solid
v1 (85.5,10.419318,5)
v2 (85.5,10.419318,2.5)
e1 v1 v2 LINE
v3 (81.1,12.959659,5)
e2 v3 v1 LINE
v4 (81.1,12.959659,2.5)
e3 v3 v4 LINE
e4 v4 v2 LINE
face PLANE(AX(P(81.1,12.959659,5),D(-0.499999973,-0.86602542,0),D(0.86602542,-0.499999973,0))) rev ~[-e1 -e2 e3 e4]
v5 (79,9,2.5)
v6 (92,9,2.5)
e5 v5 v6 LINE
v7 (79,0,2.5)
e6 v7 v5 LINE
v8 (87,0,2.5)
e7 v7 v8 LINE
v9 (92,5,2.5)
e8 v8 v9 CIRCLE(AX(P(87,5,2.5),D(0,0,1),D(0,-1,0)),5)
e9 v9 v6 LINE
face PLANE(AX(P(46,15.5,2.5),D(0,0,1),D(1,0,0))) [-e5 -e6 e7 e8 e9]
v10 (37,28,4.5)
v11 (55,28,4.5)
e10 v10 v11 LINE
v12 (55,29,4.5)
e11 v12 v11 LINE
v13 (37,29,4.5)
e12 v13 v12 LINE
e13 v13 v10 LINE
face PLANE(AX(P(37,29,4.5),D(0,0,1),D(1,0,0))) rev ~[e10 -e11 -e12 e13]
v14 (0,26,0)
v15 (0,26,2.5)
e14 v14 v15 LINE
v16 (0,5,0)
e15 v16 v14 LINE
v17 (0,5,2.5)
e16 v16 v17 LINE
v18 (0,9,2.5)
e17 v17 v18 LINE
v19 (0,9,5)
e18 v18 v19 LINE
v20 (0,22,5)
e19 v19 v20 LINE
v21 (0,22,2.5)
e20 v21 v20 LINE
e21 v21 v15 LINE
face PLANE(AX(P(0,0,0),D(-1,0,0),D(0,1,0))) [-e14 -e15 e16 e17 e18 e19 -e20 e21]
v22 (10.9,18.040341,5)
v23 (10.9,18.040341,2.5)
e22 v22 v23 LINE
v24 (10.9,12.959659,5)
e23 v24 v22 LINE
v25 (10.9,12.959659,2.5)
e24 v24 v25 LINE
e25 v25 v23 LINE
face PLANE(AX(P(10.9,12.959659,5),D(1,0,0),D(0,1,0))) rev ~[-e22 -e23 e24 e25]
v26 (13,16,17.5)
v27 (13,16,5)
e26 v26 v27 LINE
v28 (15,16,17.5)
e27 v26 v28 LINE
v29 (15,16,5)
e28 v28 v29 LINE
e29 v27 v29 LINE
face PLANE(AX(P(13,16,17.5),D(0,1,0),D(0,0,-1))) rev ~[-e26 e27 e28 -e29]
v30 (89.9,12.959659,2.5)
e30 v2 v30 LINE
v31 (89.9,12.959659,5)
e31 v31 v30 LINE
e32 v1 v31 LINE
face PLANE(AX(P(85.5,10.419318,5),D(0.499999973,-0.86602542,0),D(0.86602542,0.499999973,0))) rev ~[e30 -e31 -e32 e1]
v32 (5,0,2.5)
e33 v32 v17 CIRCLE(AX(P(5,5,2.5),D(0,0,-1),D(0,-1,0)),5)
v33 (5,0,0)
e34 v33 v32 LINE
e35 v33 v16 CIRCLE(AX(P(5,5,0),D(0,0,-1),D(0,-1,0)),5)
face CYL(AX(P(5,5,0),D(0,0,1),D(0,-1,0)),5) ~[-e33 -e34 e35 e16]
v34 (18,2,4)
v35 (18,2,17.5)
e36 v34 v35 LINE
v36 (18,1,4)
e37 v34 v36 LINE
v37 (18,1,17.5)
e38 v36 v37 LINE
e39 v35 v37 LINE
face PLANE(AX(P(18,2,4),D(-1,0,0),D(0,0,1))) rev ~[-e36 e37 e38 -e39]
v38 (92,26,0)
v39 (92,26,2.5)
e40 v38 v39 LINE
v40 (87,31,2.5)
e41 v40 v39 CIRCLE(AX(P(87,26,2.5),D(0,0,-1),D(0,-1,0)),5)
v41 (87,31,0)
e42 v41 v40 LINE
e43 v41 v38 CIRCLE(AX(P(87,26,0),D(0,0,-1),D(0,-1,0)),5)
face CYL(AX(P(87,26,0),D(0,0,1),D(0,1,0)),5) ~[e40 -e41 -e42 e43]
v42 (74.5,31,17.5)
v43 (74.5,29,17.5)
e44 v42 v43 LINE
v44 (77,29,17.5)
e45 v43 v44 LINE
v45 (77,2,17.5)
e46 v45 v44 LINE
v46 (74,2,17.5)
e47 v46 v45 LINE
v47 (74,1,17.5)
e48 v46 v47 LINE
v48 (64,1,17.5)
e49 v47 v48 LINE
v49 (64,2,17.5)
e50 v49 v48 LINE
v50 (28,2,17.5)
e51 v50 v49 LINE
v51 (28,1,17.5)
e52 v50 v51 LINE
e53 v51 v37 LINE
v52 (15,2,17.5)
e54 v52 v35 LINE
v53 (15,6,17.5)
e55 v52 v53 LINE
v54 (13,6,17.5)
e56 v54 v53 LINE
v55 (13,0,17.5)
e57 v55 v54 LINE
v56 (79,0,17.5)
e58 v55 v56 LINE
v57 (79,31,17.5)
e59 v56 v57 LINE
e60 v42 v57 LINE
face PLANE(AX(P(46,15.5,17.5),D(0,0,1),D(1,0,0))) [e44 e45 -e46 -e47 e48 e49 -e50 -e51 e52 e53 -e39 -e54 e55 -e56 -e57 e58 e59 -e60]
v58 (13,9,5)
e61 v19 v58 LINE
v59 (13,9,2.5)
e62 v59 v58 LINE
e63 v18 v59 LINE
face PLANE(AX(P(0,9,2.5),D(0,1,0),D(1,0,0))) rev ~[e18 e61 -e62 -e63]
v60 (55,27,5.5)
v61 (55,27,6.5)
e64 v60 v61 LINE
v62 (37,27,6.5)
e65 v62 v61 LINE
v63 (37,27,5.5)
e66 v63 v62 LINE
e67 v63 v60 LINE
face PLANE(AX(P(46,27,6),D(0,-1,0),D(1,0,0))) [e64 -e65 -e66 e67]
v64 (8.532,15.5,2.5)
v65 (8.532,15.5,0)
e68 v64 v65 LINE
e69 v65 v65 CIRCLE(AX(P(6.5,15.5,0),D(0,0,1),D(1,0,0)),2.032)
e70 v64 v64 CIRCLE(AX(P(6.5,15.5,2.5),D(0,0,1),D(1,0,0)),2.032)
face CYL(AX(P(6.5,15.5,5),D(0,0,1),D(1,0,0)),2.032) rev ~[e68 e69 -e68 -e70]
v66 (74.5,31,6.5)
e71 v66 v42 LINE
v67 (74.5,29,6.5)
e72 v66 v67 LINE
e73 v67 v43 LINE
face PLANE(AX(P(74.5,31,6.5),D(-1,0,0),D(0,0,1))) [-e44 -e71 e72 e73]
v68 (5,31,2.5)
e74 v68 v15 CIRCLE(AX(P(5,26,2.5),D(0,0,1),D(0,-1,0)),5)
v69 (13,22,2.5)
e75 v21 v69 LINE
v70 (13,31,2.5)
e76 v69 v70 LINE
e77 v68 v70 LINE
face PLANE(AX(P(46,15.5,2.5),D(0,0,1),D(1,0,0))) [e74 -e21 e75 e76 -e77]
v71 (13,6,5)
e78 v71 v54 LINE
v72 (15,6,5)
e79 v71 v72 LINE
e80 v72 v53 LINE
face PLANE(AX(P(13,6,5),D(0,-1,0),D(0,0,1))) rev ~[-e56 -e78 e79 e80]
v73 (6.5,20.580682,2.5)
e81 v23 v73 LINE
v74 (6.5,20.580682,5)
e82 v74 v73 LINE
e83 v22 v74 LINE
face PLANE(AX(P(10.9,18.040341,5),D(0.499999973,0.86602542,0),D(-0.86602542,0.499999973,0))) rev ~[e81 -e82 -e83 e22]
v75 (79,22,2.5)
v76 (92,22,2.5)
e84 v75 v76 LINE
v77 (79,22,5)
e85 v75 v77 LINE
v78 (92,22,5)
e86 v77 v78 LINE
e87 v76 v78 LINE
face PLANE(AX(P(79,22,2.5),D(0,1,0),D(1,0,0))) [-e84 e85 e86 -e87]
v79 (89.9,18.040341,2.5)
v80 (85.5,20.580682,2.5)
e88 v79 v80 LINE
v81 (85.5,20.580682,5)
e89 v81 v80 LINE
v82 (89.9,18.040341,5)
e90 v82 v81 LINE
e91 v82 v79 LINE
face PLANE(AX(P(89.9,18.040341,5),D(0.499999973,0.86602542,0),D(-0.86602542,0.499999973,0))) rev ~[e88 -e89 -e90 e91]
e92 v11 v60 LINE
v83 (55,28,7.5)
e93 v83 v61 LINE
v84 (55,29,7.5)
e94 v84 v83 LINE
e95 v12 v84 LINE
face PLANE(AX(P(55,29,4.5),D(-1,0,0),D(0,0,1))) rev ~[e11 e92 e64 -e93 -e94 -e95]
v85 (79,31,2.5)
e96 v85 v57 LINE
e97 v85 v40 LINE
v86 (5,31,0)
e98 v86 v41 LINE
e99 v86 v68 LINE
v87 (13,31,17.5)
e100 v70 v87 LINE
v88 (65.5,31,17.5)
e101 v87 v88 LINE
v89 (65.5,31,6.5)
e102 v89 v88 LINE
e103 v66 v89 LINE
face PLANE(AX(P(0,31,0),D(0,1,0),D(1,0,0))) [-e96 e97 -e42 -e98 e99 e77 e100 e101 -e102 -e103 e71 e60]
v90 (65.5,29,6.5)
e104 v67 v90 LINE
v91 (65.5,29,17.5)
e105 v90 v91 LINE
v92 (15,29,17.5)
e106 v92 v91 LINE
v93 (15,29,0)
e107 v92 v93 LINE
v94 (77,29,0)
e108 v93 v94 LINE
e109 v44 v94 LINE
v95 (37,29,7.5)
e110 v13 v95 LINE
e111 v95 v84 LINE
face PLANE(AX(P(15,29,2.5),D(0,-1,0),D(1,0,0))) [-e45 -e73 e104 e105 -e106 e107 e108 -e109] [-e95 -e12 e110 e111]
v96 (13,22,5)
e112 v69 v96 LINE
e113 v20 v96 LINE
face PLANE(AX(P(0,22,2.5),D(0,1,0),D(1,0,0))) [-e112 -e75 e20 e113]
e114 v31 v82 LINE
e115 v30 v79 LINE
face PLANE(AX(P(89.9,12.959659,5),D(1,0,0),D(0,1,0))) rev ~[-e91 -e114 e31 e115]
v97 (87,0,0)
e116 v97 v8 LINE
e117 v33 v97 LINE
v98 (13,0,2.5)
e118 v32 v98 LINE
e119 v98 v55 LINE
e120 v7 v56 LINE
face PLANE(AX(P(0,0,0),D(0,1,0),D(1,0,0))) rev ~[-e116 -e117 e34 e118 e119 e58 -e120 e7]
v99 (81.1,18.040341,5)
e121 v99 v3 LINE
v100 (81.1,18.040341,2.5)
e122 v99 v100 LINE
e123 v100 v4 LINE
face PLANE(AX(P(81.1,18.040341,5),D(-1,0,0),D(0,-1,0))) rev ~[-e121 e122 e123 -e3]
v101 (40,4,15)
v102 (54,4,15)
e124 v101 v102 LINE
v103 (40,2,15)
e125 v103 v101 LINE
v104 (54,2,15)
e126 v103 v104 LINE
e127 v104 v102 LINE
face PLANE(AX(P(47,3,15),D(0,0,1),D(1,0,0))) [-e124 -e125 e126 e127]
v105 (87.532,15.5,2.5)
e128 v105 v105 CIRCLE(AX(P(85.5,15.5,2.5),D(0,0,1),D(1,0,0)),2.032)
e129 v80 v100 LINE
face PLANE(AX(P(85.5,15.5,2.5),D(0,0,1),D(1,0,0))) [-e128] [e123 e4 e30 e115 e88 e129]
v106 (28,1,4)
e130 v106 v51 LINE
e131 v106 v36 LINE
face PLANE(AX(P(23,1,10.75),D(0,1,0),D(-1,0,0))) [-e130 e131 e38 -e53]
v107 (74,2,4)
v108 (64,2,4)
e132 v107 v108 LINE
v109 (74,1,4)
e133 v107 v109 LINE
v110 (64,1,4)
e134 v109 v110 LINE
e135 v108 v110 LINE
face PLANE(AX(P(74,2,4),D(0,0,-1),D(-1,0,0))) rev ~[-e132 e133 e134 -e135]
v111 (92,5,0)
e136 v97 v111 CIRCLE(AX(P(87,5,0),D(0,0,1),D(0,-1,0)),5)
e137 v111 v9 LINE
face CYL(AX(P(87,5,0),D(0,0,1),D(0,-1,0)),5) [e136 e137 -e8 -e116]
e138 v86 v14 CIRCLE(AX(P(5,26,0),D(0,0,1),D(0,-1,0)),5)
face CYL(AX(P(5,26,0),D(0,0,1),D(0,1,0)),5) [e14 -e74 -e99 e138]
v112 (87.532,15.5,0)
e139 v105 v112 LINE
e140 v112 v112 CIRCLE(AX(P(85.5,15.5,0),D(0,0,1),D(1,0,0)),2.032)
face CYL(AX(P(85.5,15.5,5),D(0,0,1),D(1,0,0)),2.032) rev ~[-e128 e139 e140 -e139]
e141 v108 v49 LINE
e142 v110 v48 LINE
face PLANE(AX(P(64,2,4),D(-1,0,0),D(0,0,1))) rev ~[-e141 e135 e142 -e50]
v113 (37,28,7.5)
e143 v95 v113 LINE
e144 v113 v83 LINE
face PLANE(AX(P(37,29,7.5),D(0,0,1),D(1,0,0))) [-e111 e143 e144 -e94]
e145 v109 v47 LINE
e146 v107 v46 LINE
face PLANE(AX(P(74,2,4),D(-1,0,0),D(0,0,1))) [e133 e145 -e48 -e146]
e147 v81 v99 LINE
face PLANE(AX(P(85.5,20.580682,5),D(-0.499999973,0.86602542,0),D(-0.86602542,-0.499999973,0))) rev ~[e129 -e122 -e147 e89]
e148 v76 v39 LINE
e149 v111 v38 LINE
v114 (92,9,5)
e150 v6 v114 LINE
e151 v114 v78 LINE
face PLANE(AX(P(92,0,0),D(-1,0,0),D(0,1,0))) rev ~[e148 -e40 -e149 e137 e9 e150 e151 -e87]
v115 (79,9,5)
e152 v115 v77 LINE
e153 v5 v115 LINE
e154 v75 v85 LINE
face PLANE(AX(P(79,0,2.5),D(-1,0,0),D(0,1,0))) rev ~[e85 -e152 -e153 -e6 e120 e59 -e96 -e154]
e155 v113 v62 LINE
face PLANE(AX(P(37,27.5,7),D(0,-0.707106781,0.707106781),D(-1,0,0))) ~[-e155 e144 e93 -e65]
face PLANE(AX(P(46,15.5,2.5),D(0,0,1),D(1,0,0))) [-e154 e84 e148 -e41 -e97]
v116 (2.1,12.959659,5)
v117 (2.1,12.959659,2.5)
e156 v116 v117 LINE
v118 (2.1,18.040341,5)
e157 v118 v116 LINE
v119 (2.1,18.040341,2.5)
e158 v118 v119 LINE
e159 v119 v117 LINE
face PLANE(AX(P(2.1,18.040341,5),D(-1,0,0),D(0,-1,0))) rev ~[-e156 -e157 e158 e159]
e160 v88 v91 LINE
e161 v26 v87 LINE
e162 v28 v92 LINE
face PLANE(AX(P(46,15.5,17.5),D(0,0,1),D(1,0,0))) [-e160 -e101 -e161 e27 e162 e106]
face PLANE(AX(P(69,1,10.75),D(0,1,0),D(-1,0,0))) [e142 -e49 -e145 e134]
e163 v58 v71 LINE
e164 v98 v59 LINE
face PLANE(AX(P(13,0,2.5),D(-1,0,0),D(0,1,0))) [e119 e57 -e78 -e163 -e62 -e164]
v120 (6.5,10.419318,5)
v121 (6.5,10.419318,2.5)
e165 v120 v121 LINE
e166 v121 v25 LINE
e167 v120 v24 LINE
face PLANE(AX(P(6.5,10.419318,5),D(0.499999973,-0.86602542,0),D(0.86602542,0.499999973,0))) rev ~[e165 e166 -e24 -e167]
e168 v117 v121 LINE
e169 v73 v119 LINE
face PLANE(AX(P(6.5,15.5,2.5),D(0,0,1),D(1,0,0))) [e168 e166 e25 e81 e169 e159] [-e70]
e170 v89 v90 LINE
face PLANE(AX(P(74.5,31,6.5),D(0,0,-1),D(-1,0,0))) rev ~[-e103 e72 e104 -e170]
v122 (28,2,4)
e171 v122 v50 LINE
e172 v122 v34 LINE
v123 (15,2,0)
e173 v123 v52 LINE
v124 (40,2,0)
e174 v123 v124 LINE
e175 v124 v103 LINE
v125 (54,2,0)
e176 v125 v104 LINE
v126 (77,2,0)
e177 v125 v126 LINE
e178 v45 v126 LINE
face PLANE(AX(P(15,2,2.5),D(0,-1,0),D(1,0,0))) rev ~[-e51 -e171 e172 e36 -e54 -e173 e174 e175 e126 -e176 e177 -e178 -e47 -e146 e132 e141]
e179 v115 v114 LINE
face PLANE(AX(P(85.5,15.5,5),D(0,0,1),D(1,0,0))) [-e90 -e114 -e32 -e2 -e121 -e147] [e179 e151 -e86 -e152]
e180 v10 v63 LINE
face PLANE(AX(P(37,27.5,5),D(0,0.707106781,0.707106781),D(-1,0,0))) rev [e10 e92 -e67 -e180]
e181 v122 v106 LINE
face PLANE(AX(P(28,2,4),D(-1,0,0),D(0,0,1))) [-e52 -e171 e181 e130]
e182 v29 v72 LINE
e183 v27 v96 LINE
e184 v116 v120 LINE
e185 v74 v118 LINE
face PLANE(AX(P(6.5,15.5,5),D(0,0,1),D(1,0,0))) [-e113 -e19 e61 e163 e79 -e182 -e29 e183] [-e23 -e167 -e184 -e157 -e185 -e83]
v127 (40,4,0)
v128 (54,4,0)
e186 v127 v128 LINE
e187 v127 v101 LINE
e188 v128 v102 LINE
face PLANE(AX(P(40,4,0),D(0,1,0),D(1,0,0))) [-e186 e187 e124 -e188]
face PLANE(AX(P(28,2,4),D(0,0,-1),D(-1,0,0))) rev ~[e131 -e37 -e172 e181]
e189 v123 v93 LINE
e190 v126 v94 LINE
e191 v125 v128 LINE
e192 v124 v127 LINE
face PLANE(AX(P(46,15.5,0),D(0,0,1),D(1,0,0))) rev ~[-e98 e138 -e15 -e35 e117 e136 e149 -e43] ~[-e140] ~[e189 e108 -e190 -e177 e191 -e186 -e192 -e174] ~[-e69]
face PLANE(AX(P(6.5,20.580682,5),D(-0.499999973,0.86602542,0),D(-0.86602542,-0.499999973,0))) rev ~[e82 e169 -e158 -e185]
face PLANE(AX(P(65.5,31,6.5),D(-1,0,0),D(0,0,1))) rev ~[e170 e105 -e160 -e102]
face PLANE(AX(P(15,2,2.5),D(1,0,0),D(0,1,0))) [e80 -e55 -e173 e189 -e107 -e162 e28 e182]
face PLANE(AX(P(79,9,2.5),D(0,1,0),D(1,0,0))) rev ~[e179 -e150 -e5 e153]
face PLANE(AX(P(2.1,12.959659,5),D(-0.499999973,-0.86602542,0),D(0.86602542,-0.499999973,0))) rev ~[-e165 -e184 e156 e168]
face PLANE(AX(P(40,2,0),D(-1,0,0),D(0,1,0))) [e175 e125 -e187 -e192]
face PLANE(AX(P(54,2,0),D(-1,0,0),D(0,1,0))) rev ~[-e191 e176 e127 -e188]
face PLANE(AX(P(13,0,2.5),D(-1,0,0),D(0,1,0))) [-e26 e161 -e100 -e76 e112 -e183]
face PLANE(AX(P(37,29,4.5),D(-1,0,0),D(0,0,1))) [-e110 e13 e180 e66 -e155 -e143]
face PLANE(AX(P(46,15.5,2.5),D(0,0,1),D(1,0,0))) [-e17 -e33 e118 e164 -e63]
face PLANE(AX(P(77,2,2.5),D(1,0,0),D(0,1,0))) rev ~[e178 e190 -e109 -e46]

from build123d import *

# Parameters (mm, degrees)
F0_W      = 92
F0_H      = 31
F1_DEPTH  = 2.5
F2_W      = 66
F2_H      = 31
F2_W_2    = 62
F2_H_2    = 27
F3_DEPTH  = 15
F3_FACE_W = 62
F3_FACE_H = 27
F4_DEPTH  = 25
F5_W      = 13
F5_H      = 13
F6_DEPTH  = 2.5
F7_R      = 2.032
F8_DEPTH  = 5.001
F10_DEPTH = 2.5
F11_W     = 14
F11_H     = 2
F12_DEPTH = 15
F14_DEPTH = 2
F15_W     = 18
F15_H     = 3
F16_DEPTH = 2
F17_SIZE  = 1
F18_R     = 5
F19_W     = 10
F19_H     = 13.5
F20_DEPTH = 1
F21_W     = 9
F21_H     = 11
F22_DEPTH = 2


with BuildPart() as f1:
    # F0 (on Top) → F1 (new body)
    with BuildSketch(Plane.XY):
        with Locations((46, 15.5)):
            Rectangle(F0_W, F0_H)
    extrude(amount=F1_DEPTH)

    # F2 (on face) → F3 (join)
    with BuildSketch(Plane.XY.offset(2.5)):
        with Locations((46, 15.5)):
            Rectangle(F2_W, F2_H)
        with Locations((46, 15.5)):
            Rectangle(F2_W_2, F2_H_2, mode=Mode.SUBTRACT)
    extrude(amount=F3_DEPTH)

    # F3_face (on face) → F4 (cut)
    with BuildSketch(Plane(origin=(46, 15.5, 2.5), x_dir=(1, 0, 0), z_dir=(0, 0, 1))):
        Rectangle(F3_FACE_W, F3_FACE_H)
    extrude(amount=-F4_DEPTH, mode=Mode.SUBTRACT)

    # F5 (on face) → F6 (join)
    with BuildSketch(Plane.XY.offset(2.5)):
        with Locations((85.5, 15.5)):
            Rectangle(F5_W, F5_H)
        with Locations((6.5, 15.5)):
            Rectangle(F5_W, F5_H)
    extrude(amount=F6_DEPTH)

    # F7 (on face) → F8 (cut, through all)
    with BuildSketch(Plane.XY.offset(5)):
        with Locations((85.5, 15.5)):
            Circle(F7_R)
        with Locations((6.5, 15.5)):
            Circle(F7_R)
    extrude(amount=-F8_DEPTH, mode=Mode.SUBTRACT)

    # F9 (on face) → F10 (cut, through all)
    with BuildSketch(Plane.XY.offset(5)):
        Polygon((2.1, 18.040341), (2.1, 12.959659), (6.5, 10.419318), (10.9, 12.959659), (10.9, 18.040341), (6.5, 20.580682), align=None)
        Polygon((81.1, 12.959659), (85.5, 10.419318), (89.9, 12.959659), (89.9, 18.040341), (85.5, 20.580682), (81.1, 18.040341), align=None)
    extrude(amount=-F10_DEPTH, mode=Mode.SUBTRACT)

    # F11 (on Top) → F12 (join)
    with BuildSketch(Plane.XY):
        with Locations((47, 3)):
            Rectangle(F11_W, F11_H)
    extrude(amount=F12_DEPTH)

    # F13 (on face) → F14 (cut, through all)
    with BuildSketch(Plane(origin=(13, 0, 0), x_dir=(0, -1, 0), z_dir=(-1, 0, 0))):
        Polygon((-16, 17.5), (-16, 5), (-9, 5), (-6, 5), (-6, 17.5), align=None)
    extrude(amount=-F14_DEPTH, mode=Mode.SUBTRACT)

    # F15 (on face) → F16 (join)
    with BuildSketch(Plane.XZ.offset(-29)):
        with Locations((46, 6)):
            Rectangle(F15_W, F15_H)
    extrude(amount=F16_DEPTH)

    # F17
    f17_edges = [f1.edges().sort_by_distance(p)[0] for p in [
        (46, 27, 7.5),
        (46, 27, 4.5),
    ]]
    chamfer(f17_edges, length=F17_SIZE)

    # F18
    f18_edges = [f1.edges().sort_by_distance(p)[0] for p in [
        (0, 0, 1.25),
        (0, 31, 1.25),
        (92, 0, 1.25),
        (92, 31, 1.25),
    ]]
    fillet(f18_edges, radius=F18_R)

    # F19 (on face) → F20 (cut)
    with BuildSketch(Plane(origin=(0, 2, 0), x_dir=(-1, 0, 0), z_dir=(0, 1, 0))):
        with Locations((-69, 10.75)):
            Rectangle(F19_W, F19_H)
        with Locations((-23, 10.75)):
            Rectangle(F19_W, F19_H)
    extrude(amount=-F20_DEPTH, mode=Mode.SUBTRACT)

    # F21 (on face) → F22 (cut, through all)
    with BuildSketch(Plane(origin=(0, 31, 0), x_dir=(-1, 0, 0), z_dir=(0, 1, 0))):
        with Locations((-70, 12)):
            Rectangle(F21_W, F21_H)
    extrude(amount=-F22_DEPTH, mode=Mode.SUBTRACT)


solid = f1.part
